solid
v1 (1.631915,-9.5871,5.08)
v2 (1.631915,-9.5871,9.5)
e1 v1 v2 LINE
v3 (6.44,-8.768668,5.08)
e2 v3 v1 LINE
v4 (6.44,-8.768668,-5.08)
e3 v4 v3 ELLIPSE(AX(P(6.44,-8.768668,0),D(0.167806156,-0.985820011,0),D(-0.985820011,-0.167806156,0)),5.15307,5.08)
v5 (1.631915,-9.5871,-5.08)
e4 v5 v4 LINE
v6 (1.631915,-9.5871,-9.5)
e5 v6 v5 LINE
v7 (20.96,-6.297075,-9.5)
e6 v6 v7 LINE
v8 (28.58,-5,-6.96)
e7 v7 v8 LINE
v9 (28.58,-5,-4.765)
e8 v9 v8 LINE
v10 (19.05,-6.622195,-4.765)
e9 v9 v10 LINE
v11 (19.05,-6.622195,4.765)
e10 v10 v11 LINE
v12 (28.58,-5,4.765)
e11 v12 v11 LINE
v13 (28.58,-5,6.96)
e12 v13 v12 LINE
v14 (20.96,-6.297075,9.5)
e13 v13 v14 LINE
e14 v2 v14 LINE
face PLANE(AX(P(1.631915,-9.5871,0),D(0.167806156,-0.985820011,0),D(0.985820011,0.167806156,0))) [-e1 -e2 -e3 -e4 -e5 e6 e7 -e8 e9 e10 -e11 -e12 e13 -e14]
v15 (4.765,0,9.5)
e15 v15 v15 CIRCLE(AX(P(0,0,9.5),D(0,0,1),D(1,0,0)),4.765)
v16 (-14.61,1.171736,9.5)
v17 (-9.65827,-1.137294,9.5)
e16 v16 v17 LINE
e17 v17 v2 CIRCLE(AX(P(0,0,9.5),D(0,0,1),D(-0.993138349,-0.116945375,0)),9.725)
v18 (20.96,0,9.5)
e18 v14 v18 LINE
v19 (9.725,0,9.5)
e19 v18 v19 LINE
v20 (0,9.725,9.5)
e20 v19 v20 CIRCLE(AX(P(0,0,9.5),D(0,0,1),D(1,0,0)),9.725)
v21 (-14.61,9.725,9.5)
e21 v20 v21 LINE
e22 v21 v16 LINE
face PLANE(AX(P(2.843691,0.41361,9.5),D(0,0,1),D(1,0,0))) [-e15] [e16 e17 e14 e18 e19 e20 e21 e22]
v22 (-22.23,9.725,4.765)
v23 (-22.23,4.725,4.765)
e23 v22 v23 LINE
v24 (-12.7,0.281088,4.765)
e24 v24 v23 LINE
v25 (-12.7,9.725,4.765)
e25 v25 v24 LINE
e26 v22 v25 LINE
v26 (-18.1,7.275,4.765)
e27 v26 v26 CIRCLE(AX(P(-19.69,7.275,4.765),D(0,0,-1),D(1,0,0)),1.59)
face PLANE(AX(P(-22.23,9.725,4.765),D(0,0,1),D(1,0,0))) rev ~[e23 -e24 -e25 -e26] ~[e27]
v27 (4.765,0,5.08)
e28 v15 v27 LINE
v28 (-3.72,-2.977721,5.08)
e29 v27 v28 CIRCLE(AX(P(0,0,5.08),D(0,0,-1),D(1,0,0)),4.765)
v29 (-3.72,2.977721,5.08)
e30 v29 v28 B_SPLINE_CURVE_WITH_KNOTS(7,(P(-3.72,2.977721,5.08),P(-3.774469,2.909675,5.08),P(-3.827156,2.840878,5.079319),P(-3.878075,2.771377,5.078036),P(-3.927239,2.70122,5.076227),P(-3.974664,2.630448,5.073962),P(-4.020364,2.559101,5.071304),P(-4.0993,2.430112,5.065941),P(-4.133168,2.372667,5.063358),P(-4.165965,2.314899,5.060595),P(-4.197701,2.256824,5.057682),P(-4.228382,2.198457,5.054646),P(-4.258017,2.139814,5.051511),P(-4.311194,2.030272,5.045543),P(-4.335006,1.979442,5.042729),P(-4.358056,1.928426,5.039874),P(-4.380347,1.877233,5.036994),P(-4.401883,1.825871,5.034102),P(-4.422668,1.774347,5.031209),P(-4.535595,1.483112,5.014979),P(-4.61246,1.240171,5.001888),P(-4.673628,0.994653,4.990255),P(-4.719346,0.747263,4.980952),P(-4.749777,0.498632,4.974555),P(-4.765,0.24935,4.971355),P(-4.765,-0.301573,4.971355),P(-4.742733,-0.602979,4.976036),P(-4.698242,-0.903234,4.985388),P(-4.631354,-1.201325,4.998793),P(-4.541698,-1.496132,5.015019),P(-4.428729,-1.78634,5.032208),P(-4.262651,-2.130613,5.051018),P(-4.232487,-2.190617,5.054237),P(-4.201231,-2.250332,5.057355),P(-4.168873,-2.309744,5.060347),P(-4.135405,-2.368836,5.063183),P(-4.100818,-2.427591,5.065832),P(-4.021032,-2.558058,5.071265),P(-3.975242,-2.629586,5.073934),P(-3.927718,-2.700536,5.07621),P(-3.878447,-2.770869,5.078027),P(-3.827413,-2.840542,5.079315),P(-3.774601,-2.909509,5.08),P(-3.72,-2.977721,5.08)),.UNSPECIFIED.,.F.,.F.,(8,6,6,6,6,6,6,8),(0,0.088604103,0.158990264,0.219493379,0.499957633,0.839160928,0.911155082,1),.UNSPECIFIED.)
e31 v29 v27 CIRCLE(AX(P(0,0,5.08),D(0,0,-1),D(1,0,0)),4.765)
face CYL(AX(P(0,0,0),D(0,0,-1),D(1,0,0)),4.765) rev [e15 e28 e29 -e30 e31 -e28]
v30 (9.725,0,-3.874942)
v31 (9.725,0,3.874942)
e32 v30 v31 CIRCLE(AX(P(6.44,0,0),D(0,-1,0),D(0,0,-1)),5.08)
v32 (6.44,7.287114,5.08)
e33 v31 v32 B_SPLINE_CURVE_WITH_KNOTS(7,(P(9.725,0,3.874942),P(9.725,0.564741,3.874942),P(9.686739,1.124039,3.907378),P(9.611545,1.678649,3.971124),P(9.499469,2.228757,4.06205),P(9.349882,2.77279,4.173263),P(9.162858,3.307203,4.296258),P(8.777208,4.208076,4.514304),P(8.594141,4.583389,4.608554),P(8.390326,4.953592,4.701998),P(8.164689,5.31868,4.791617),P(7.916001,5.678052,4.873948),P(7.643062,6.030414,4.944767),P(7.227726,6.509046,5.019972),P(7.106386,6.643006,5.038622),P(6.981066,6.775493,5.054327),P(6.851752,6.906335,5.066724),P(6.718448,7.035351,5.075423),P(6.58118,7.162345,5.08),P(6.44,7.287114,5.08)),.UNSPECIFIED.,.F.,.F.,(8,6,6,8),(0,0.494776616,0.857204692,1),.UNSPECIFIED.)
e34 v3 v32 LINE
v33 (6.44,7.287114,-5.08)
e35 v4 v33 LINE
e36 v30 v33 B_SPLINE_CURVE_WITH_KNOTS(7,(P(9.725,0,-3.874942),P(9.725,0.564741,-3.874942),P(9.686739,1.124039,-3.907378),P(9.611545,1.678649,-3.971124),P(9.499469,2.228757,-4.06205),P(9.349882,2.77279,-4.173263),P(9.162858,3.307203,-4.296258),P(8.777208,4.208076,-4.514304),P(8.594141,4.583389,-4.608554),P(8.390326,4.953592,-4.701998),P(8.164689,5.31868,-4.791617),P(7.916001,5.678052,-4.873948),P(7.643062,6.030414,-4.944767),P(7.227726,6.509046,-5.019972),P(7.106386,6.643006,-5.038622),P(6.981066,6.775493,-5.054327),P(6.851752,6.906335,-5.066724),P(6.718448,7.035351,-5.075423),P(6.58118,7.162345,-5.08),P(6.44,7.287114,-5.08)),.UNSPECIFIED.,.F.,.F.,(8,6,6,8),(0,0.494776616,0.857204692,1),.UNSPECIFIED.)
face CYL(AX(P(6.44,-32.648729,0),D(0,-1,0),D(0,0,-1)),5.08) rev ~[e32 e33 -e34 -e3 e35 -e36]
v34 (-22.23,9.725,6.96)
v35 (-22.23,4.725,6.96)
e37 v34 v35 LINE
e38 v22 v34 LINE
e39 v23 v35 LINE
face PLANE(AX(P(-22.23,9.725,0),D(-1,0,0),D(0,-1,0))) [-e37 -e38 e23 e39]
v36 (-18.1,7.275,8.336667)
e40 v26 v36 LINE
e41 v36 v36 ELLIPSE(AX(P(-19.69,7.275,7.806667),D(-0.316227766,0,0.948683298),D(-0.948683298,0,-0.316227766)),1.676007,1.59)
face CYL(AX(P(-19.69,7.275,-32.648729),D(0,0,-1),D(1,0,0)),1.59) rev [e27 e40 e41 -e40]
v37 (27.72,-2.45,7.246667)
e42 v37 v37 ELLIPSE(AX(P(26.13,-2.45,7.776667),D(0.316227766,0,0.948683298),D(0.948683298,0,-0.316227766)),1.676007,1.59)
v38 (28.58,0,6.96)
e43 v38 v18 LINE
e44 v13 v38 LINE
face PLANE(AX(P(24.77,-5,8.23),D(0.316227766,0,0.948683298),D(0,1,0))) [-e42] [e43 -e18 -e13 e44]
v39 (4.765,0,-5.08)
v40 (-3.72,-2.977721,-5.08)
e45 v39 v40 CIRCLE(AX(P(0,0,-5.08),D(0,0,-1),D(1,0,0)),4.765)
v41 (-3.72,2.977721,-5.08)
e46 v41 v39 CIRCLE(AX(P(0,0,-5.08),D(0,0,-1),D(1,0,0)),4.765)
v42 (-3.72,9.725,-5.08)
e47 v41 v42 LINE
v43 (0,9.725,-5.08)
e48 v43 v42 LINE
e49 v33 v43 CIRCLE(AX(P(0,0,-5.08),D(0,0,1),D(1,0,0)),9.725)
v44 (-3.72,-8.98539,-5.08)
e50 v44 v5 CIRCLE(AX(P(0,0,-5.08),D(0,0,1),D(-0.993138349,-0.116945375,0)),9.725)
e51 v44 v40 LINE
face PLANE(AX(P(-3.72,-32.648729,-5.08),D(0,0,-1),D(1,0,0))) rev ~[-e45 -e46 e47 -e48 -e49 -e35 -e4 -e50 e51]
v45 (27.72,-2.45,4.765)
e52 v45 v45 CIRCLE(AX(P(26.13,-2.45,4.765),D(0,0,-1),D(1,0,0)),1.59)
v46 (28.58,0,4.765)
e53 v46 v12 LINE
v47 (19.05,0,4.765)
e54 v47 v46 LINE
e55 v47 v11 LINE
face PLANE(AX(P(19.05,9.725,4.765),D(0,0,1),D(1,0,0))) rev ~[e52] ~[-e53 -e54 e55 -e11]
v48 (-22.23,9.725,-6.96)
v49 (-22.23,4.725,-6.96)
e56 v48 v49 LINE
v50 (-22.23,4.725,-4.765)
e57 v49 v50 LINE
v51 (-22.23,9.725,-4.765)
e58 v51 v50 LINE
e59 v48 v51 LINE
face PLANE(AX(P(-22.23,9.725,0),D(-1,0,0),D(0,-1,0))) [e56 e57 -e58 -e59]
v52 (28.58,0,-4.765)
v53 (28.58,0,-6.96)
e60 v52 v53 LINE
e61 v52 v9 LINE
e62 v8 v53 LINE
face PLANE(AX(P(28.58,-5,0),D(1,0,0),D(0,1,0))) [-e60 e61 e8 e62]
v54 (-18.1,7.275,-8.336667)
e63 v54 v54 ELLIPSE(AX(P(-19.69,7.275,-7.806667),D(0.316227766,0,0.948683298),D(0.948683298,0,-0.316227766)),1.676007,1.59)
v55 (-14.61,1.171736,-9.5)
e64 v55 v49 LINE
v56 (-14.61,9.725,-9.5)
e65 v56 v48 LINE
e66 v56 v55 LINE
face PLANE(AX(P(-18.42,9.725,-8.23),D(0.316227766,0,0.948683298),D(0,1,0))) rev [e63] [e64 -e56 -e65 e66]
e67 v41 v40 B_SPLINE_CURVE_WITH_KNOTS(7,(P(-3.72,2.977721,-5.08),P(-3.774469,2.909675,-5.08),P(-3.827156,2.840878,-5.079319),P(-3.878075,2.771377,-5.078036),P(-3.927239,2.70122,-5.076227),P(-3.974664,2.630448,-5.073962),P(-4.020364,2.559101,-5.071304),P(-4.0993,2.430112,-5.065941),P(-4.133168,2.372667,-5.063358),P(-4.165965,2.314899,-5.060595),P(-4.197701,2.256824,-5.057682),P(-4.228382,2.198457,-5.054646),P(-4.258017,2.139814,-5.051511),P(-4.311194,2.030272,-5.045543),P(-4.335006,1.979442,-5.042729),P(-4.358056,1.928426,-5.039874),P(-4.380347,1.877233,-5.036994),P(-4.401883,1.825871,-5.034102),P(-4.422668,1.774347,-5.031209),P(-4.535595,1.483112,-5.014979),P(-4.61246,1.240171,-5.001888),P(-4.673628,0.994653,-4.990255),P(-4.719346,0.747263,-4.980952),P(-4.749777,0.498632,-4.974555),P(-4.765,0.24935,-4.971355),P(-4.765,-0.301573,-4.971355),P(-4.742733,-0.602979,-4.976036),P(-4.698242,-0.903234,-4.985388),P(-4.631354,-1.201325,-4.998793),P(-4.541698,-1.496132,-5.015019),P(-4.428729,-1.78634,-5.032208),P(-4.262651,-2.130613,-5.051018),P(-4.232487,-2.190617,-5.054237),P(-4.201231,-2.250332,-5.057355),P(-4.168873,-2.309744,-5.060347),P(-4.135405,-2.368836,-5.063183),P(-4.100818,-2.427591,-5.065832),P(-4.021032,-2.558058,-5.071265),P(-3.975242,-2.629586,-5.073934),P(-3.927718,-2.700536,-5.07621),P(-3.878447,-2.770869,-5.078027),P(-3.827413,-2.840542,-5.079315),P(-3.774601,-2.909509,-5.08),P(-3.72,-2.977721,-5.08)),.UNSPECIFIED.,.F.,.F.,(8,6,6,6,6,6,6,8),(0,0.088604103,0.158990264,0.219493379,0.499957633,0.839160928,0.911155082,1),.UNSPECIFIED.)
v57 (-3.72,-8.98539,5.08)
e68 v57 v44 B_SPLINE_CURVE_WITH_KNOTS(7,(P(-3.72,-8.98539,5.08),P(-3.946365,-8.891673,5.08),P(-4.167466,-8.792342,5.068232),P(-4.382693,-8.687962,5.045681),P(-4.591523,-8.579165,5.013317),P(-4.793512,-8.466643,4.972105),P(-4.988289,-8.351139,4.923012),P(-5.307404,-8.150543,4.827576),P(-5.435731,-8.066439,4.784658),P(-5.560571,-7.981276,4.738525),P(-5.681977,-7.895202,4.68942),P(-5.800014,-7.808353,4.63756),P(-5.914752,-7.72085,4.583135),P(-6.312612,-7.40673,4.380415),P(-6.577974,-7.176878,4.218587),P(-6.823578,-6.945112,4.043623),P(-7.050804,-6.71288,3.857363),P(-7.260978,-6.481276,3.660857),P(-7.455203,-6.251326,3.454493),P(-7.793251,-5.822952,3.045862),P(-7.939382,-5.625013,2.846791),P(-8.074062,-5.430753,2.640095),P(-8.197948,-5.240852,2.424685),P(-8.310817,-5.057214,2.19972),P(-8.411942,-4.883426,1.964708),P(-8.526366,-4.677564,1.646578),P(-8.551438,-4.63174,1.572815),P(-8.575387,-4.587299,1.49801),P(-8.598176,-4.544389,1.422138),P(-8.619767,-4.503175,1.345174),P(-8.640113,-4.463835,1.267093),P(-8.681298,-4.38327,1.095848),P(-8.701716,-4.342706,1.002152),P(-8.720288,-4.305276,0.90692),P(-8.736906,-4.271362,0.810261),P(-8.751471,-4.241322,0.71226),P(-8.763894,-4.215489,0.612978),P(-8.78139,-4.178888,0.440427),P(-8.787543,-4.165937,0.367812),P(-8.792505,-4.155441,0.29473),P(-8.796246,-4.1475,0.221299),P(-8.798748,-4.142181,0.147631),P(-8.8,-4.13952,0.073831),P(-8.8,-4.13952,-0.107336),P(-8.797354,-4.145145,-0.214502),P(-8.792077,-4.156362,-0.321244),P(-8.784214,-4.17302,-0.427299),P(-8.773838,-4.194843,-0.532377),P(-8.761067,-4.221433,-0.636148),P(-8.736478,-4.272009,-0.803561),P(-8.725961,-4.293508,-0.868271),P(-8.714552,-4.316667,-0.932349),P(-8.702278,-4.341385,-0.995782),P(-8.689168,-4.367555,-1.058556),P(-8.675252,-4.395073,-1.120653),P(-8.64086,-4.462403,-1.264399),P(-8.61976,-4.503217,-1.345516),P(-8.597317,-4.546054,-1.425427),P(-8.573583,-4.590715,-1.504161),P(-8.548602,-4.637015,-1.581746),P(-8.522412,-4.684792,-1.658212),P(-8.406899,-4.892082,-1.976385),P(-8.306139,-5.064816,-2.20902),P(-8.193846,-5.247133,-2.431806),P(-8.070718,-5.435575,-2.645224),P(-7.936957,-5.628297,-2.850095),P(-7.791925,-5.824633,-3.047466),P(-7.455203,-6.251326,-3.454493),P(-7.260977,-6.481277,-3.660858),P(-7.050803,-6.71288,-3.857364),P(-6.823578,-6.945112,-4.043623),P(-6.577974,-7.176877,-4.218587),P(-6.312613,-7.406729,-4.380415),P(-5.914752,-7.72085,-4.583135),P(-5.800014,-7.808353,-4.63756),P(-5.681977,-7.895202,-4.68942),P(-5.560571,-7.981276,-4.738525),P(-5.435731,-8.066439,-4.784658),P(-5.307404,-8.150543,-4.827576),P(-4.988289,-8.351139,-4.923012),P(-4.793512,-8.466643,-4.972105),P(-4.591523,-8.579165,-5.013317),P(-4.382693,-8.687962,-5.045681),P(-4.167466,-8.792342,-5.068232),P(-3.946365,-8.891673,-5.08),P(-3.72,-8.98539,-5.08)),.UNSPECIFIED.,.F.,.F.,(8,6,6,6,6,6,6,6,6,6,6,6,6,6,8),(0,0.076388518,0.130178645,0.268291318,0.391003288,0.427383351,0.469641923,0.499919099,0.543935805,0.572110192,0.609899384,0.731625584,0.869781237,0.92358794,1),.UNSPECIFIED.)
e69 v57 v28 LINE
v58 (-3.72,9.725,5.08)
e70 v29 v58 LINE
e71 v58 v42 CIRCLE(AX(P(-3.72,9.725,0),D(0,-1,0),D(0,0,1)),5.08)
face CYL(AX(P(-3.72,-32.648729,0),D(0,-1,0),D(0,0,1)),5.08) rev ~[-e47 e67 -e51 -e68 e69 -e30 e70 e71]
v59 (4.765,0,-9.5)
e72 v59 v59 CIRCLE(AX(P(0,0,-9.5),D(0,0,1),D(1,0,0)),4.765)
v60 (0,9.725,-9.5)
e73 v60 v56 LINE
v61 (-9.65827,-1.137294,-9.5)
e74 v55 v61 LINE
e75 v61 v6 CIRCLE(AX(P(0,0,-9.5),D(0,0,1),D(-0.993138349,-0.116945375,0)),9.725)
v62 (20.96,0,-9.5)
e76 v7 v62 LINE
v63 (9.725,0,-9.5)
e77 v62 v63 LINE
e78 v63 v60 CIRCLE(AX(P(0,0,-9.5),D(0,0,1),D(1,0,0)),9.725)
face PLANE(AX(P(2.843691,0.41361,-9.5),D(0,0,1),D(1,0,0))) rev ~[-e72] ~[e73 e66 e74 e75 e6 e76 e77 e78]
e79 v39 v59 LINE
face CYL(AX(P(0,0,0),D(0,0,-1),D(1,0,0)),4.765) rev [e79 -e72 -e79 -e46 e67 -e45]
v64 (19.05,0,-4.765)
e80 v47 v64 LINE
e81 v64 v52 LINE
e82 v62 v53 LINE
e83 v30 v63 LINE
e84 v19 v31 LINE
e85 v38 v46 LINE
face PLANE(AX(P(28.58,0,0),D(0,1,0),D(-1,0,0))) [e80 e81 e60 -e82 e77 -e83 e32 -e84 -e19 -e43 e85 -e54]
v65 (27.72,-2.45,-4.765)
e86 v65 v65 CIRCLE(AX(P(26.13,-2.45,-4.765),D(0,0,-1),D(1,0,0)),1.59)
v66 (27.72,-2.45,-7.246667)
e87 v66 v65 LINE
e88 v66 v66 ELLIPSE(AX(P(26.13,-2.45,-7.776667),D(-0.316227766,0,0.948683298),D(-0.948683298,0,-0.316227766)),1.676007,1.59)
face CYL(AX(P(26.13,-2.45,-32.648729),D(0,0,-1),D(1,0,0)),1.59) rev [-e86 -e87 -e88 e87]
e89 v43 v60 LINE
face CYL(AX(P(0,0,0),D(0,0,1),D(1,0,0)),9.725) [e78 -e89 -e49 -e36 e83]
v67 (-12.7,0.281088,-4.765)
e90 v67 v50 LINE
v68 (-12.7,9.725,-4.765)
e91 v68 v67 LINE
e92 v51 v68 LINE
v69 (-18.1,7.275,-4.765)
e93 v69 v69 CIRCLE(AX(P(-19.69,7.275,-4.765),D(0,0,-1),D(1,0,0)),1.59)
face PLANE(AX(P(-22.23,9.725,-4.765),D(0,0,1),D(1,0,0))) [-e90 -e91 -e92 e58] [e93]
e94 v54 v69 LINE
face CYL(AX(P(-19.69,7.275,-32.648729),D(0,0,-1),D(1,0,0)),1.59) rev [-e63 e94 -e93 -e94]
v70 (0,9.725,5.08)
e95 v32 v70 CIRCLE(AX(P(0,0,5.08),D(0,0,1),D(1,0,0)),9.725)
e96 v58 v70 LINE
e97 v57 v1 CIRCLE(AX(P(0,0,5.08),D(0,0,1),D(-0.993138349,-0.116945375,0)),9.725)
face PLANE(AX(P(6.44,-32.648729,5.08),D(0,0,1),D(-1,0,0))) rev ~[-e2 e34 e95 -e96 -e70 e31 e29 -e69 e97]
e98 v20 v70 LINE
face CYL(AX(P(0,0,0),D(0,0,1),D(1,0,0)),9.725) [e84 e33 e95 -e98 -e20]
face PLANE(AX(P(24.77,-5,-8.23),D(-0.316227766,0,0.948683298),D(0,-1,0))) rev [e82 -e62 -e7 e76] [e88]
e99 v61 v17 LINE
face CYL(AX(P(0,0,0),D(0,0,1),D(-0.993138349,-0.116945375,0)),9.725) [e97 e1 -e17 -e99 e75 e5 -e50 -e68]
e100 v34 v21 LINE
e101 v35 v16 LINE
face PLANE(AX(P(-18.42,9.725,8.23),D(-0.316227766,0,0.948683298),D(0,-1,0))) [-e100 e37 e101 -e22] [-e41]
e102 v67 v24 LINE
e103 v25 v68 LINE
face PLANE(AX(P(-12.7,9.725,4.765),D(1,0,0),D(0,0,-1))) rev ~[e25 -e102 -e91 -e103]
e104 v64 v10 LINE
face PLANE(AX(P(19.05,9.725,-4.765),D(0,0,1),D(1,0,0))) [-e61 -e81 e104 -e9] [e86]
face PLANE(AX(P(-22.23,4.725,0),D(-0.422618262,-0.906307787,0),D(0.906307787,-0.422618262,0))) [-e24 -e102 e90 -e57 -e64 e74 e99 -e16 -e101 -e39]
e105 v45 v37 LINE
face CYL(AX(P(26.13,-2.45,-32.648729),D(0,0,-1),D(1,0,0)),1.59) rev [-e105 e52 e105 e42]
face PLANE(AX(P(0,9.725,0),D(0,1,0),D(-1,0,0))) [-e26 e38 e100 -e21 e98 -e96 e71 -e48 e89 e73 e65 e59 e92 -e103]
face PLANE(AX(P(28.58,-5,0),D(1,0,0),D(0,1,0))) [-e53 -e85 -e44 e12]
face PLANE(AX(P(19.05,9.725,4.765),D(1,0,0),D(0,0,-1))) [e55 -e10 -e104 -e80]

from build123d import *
from OCP.BRepFilletAPI import BRepFilletAPI_MakeChamfer

# Parameters (mm, degrees)
SKETCH2_R               = 4.765
BOSS_EXTRUDE1_DEPTH     = 9.5
CHAMFER1_SIZE           = 7.62
CHAMFER1_SIZE2          = 2.54
CHAMFER2_SIZE           = 2.54
CHAMFER2_SIZE2          = 7.62
SKETCH3_W               = 9.53
SKETCH3_H               = 9.53
CUT_EXTRUDE1_DEPTH      = 36.852041783
CUT_EXTRUDE2_DEPTH      = 32.648728647
CUT_EXTRUDE2_DEPTH_BACK = 32.648728647
CUT_EXTRUDE3_DEPTH      = 32.648728708
CUT_EXTRUDE3_DEPTH_BACK = 32.648728708
SKETCH5_R               = 1.59


with BuildPart() as part:
    # Sketch2 → Boss-Extrude1 (new, symmetric)
    with BuildSketch(Plane.XY):
        with BuildLine():
            Line((0, 9.725), (-22.23, 9.725))
            Line((-22.23, 9.725), (-22.23, 4.725))
            Line((-22.23, 4.725), (-9.658270439, -1.13729377))
            ThreePointArc((-9.658270439, -1.13729377), (-5.827126273, -7.785899075), (1.631914869, -9.587099606))
            Line((1.631914869, -9.587099606), (28.58, -5))
            Line((28.58, -5), (28.58, 0))
            Line((28.58, 0), (9.725, 0))
            ThreePointArc((9.725, 0), (6.876613447, 6.876613447), (0, 9.725))
        make_face()
        Circle(SKETCH2_R, mode=Mode.SUBTRACT)
    extrude(amount=BOSS_EXTRUDE1_DEPTH, both=True)

    # Chamfer1
    chamfer1_edges = [part.edges().sort_by_distance(p)[0] for p in [
        (-22.23, 7.225, -9.5),
        (28.58, -2.5, -9.5),
    ]]
    chamfer1_side = [part.faces().sort_by_distance(p)[0] for p in [
        (-11.115, 9.180944984, -9.5),
    ]]
    chamfer(chamfer1_edges, length=CHAMFER1_SIZE, length2=CHAMFER1_SIZE2, reference=chamfer1_side[0])

    # Chamfer2: one chamfer whose edges measure the first distance from different faces: ONE call of the kernel's chamfer builder (chamfer() names one face for all edges)
    chamfer2_edges_1 = [part.edges().sort_by_distance(p)[0] for p in [
        (-22.23, 7.225, 9.5),
    ]]
    chamfer2_side_1 = [part.faces().sort_by_distance(p)[0] for p in [
        (-22.23, 7.225, 1.27),
    ]]
    chamfer2_edges_2 = [part.edges().sort_by_distance(p)[0] for p in [
        (28.58, -2.5, 9.5),
    ]]
    chamfer2_side_2 = [part.faces().sort_by_distance(p)[0] for p in [
        (28.58, -2.5, 1.27),
    ]]
    chamfer2 = BRepFilletAPI_MakeChamfer(part.part.solid().wrapped)
    for e in chamfer2_edges_1:
        chamfer2.Add(CHAMFER2_SIZE, CHAMFER2_SIZE2, e.wrapped, chamfer2_side_1[0].wrapped)  # the first distance lies on this face
    for e in chamfer2_edges_2:
        chamfer2.Add(CHAMFER2_SIZE, CHAMFER2_SIZE2, e.wrapped, chamfer2_side_2[0].wrapped)  # the first distance lies on this face
    add(Compound.cast(chamfer2.Shape()), mode=Mode.REPLACE)

    # Sketch3 → Cut-Extrude1 (cut, through all)
    with BuildSketch(Plane(origin=(0, 9.725, 0), x_dir=(1, 0, 0), z_dir=(0, 1, 0))):
        with Locations((-17.465, 0)):
            Rectangle(SKETCH3_W, SKETCH3_H)
        with Locations((23.815, 0)):
            Rectangle(SKETCH3_W, SKETCH3_H)
    extrude(amount=-CUT_EXTRUDE1_DEPTH, mode=Mode.SUBTRACT)

    # Sketch4 → Cut-Extrude2 (cut, two sides: drawn at the far end of the back side and taken through both)
    with BuildSketch(Plane(origin=(0, 0, 0), x_dir=(1, 0, 0), z_dir=(0, 1, 0)).offset(-CUT_EXTRUDE2_DEPTH_BACK)):
        with BuildLine():
            Line((-3.72, 5.08), (6.44, 5.08))
            ThreePointArc((6.44, 5.08), (11.52, 0), (6.44, -5.08))
            Line((6.44, -5.08), (-3.72, -5.08))
            ThreePointArc((-3.72, -5.08), (-8.8, 0), (-3.72, 5.08))
        make_face()
    extrude(amount=CUT_EXTRUDE2_DEPTH + CUT_EXTRUDE2_DEPTH_BACK, mode=Mode.SUBTRACT)

    # Sketch5 → Cut-Extrude3 (cut, two sides: drawn at the far end of the back side and taken through both)
    with BuildSketch(Plane.XY.offset(-CUT_EXTRUDE3_DEPTH_BACK)):
        with Locations((-19.69, 7.275)):
            Circle(SKETCH5_R)
        with Locations((26.13, -2.45)):
            Circle(SKETCH5_R)
    extrude(amount=CUT_EXTRUDE3_DEPTH + CUT_EXTRUDE3_DEPTH_BACK, mode=Mode.SUBTRACT)


solid = part.part
